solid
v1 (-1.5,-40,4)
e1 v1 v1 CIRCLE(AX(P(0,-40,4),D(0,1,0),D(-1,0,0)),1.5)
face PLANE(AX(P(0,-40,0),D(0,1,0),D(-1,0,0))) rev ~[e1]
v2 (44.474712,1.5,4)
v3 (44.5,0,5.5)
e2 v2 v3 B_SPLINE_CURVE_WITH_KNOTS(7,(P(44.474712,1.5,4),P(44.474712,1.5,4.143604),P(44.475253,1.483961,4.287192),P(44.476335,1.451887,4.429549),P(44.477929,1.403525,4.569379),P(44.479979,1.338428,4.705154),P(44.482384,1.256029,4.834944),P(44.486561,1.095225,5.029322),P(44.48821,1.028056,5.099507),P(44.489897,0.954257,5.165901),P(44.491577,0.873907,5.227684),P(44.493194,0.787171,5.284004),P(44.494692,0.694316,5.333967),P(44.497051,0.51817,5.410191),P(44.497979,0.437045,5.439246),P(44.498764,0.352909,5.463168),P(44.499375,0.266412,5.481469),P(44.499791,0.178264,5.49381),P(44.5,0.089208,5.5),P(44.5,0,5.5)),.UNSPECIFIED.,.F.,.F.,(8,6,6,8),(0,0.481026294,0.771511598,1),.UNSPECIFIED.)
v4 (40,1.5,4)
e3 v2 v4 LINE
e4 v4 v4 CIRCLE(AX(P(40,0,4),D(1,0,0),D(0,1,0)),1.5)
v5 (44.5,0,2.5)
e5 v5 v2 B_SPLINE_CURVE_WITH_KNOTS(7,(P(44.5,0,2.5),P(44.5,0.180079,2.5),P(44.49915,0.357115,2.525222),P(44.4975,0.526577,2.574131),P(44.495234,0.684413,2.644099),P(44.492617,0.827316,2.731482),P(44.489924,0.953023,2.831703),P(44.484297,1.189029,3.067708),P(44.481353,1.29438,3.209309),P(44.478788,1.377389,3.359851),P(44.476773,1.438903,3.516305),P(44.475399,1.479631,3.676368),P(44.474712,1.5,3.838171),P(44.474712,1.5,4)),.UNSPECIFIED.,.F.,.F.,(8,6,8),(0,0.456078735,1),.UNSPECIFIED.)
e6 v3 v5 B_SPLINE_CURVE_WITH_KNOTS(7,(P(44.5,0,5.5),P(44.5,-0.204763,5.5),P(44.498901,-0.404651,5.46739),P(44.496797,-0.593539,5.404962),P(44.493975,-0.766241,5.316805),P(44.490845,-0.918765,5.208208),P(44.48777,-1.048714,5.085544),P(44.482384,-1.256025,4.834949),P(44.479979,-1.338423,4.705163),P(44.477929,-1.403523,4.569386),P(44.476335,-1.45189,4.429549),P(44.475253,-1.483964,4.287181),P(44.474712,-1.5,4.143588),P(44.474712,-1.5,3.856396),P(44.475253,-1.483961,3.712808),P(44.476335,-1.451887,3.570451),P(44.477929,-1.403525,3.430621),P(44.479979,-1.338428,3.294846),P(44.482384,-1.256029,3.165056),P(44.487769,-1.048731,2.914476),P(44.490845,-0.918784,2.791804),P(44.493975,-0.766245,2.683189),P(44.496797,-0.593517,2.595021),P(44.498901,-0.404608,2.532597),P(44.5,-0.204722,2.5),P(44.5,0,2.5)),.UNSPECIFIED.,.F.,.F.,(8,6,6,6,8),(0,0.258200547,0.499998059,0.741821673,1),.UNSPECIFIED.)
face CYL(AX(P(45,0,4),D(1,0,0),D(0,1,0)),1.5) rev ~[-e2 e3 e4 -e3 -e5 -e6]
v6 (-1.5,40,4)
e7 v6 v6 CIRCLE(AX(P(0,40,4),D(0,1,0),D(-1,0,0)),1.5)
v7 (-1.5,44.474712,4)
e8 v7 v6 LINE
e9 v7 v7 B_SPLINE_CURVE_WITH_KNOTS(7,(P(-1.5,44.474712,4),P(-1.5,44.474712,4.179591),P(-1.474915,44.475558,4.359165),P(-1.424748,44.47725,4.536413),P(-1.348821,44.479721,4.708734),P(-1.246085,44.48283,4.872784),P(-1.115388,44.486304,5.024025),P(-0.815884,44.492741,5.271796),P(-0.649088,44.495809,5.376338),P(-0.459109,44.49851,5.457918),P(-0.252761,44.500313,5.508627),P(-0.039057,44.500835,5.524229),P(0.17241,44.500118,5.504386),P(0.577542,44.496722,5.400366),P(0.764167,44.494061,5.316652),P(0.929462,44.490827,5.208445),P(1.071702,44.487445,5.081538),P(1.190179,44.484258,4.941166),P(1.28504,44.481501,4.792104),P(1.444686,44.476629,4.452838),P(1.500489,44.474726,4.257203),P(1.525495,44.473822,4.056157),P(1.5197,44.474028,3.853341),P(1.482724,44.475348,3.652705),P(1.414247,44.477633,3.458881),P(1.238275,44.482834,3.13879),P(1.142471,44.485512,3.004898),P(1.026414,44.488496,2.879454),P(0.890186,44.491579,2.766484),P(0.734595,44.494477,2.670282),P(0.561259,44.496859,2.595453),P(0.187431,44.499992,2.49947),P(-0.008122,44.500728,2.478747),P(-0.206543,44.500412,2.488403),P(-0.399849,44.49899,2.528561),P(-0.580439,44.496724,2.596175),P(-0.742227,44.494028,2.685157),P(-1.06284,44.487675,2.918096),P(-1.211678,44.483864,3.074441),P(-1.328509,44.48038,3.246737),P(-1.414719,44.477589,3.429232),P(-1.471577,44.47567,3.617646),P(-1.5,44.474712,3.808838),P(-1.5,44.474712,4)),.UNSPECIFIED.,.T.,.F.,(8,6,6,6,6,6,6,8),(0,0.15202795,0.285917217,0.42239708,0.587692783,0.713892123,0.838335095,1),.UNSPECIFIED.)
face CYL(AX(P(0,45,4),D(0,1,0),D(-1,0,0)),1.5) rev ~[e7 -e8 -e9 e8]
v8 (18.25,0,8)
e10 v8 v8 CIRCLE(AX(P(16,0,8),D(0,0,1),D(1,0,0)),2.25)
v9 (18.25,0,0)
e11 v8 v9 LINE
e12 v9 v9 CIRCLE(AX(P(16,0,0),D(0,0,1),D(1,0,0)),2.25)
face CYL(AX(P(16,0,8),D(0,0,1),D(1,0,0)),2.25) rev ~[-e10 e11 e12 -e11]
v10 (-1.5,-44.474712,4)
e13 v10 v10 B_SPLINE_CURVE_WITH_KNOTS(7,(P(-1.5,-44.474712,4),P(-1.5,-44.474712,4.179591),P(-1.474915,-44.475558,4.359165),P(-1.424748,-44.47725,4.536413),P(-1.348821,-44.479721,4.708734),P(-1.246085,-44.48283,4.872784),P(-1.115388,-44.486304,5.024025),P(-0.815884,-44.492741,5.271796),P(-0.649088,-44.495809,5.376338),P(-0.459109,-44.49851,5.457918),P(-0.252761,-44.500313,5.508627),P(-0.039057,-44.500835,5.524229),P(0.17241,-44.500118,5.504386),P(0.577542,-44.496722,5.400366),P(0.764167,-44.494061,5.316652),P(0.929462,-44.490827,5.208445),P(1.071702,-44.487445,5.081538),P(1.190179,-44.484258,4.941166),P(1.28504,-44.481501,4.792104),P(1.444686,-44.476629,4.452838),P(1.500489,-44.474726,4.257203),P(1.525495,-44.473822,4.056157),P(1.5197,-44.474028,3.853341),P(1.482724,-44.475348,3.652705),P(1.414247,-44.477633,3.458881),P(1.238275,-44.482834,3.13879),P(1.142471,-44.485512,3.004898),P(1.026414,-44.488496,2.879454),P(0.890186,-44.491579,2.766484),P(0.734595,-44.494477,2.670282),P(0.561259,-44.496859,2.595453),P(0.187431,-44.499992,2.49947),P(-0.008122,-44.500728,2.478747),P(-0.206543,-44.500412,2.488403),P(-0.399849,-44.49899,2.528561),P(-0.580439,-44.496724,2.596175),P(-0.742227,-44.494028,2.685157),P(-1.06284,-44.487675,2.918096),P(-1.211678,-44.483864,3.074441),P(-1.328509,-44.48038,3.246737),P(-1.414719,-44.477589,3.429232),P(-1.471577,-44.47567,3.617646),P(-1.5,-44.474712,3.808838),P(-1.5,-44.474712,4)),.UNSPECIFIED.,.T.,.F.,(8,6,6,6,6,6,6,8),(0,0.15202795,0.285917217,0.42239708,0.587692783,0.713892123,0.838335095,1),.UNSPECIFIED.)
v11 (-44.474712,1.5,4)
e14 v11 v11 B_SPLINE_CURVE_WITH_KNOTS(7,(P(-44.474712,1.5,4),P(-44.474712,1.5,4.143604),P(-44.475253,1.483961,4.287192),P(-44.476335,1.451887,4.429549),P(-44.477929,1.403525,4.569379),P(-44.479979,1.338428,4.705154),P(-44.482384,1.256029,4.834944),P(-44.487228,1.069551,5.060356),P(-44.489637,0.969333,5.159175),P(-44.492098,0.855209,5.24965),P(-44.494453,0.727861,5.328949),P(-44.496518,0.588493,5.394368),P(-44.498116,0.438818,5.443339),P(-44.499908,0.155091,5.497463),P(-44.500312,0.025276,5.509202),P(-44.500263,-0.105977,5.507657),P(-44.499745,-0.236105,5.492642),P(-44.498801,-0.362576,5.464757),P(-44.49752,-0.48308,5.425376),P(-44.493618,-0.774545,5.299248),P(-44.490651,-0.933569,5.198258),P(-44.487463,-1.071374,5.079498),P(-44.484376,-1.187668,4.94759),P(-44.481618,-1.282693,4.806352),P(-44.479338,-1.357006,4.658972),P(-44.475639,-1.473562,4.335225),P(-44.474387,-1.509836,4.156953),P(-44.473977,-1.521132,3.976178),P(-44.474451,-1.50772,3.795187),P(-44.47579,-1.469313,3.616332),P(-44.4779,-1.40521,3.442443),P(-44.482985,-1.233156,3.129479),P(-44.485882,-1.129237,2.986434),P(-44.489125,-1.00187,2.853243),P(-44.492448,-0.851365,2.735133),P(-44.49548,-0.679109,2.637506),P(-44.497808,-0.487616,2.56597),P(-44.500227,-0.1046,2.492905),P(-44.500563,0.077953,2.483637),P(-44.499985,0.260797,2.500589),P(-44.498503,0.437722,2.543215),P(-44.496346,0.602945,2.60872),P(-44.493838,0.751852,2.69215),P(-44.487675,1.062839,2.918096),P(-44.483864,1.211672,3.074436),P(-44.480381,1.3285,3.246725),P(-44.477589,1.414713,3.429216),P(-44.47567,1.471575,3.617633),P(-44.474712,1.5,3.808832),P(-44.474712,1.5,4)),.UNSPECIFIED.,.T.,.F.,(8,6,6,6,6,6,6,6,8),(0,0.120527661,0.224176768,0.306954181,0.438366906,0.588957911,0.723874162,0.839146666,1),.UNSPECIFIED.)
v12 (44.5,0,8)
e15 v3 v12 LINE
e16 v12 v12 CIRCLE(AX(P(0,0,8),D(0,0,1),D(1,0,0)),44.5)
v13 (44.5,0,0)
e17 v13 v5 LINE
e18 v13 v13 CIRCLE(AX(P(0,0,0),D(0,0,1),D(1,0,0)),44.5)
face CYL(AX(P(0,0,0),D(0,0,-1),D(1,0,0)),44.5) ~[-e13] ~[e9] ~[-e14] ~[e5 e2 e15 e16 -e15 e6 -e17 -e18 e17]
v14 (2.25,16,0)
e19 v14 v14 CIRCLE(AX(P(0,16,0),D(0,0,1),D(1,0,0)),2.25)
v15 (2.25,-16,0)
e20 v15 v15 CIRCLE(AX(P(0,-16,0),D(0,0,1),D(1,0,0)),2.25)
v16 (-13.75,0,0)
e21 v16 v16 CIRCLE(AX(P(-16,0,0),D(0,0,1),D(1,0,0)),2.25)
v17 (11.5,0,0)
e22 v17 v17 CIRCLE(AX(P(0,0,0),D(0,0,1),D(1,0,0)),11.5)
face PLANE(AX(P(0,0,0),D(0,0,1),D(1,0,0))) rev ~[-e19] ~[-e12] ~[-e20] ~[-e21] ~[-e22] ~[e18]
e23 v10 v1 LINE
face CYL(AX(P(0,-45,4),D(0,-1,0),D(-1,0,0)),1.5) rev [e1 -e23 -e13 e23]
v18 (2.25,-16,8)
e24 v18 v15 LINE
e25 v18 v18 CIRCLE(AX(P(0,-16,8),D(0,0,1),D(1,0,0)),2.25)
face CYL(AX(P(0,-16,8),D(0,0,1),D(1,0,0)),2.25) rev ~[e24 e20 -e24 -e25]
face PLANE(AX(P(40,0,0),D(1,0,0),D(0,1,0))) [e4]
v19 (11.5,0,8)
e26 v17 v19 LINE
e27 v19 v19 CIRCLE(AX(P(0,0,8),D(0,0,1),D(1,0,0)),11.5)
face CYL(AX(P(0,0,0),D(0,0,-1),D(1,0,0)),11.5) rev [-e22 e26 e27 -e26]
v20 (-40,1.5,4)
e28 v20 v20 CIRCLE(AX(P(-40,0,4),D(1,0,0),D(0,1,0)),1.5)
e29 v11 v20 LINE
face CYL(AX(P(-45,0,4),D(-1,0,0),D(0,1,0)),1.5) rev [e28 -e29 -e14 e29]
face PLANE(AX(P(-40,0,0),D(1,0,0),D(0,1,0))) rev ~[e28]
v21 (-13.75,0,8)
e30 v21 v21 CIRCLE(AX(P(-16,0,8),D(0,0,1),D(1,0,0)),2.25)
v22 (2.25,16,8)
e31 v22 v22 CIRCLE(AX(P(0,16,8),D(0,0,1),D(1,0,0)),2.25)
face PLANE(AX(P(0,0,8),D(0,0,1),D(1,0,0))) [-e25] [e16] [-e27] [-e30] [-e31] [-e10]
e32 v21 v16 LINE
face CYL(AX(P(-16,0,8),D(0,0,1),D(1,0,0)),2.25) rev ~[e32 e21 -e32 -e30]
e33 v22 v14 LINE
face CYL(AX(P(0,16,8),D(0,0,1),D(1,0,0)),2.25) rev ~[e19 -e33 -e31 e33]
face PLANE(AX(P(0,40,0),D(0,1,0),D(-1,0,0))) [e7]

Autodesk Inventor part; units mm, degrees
sketch "スケッチ1" plane through (0, 0, 0) normal (0, 0, 1) x (1, 0, 0)
  circle A0 centre (0, 0) radius 44.5
  circle A1 centre (0, 0) radius 11.5
  dimension "d0" = 89
  dimension "d1" = 23
extrude "押し出し1" add sketch "スケッチ1" along normal blind 8
sketch "スケッチ2" plane through (0, 0, 8) normal (0, 0, 1) x (1, 0, 0)
  line L0 (0, 0) -> (0, 16) construction
  circle A0 centre (0, 16) radius 2.25
  circle A1 centre (-16, 0) radius 2.25
  circle A2 centre (0, -16) radius 2.25
  circle A3 centre (16, 0) radius 2.25
  dimension "d4" = 16
  dimension "d5" = 4.5
  dimension "d8" = 360
extrude "押し出し2" cut sketch "スケッチ2" against normal blind 8
ref_plane "作業平面1" through (45, 0, 0) normal (1, 0, 0) x (0, 1, 0)
sketch "スケッチ3" plane through (45, 0, 0) normal (1, 0, 0) x (0, 1, 0)
  line L0 (0, 0) -> (0, 4) construction
  circle A0 centre (0, 4) radius 1.5
  dimension "d13" = 4
  dimension "d14" = 3
extrude "押し出し3" cut sketch "スケッチ3" against normal blind 5
ref_plane "作業平面2" through (-45, 0, 0) normal (1, 0, 0) x (0, 1, 0)
sketch "スケッチ4" plane through (-45, 0, 0) normal (1, 0, 0) x (0, 1, 0)
  line L0 (0, 0) -> (0, 4) construction
  circle A0 centre (0, 4) radius 1.5
  dimension "d20" = 4
  dimension "d21" = 3
extrude "押し出し4" cut sketch "スケッチ4" along normal blind 5
ref_plane "作業平面3" through (0, 45, 0) normal (0, 1, 0) x (-1, 0, 0)
sketch "スケッチ5" plane through (0, 45, 0) normal (0, 1, 0) x (-1, 0, 0)
  line L0 (0, 0) -> (0, 4) construction
  circle A0 centre (0, 4) radius 1.5
  dimension "d25" = 4
  dimension "d26" = 3
extrude "押し出し5" cut sketch "スケッチ5" against normal blind 5
ref_plane "作業平面4" through (0, -45, 0) normal (0, 1, 0) x (-1, 0, 0)
sketch "スケッチ6" plane through (0, -45, 0) normal (0, 1, 0) x (-1, 0, 0)
  line L0 (0, 0) -> (0, 4) construction
  circle A0 centre (0, 4) radius 1.5
  dimension "d30" = 4
  dimension "d31" = 3
extrude "押し出し6" cut sketch "スケッチ6" along normal blind 5
thread "ねじ2" size "M3x0.5" class "6H" standard "ANSI Metric M Profile" full length
thread "ねじ3" size "M3x0.5" class "6H" standard "ANSI Metric M Profile" full length
thread "ねじ4" size "M3x0.5" class "6H" standard "ANSI Metric M Profile" full length
thread "ねじ5" size "M3x0.5" class "6H" standard "ANSI Metric M Profile" full length
properties part number "Bottom1"
